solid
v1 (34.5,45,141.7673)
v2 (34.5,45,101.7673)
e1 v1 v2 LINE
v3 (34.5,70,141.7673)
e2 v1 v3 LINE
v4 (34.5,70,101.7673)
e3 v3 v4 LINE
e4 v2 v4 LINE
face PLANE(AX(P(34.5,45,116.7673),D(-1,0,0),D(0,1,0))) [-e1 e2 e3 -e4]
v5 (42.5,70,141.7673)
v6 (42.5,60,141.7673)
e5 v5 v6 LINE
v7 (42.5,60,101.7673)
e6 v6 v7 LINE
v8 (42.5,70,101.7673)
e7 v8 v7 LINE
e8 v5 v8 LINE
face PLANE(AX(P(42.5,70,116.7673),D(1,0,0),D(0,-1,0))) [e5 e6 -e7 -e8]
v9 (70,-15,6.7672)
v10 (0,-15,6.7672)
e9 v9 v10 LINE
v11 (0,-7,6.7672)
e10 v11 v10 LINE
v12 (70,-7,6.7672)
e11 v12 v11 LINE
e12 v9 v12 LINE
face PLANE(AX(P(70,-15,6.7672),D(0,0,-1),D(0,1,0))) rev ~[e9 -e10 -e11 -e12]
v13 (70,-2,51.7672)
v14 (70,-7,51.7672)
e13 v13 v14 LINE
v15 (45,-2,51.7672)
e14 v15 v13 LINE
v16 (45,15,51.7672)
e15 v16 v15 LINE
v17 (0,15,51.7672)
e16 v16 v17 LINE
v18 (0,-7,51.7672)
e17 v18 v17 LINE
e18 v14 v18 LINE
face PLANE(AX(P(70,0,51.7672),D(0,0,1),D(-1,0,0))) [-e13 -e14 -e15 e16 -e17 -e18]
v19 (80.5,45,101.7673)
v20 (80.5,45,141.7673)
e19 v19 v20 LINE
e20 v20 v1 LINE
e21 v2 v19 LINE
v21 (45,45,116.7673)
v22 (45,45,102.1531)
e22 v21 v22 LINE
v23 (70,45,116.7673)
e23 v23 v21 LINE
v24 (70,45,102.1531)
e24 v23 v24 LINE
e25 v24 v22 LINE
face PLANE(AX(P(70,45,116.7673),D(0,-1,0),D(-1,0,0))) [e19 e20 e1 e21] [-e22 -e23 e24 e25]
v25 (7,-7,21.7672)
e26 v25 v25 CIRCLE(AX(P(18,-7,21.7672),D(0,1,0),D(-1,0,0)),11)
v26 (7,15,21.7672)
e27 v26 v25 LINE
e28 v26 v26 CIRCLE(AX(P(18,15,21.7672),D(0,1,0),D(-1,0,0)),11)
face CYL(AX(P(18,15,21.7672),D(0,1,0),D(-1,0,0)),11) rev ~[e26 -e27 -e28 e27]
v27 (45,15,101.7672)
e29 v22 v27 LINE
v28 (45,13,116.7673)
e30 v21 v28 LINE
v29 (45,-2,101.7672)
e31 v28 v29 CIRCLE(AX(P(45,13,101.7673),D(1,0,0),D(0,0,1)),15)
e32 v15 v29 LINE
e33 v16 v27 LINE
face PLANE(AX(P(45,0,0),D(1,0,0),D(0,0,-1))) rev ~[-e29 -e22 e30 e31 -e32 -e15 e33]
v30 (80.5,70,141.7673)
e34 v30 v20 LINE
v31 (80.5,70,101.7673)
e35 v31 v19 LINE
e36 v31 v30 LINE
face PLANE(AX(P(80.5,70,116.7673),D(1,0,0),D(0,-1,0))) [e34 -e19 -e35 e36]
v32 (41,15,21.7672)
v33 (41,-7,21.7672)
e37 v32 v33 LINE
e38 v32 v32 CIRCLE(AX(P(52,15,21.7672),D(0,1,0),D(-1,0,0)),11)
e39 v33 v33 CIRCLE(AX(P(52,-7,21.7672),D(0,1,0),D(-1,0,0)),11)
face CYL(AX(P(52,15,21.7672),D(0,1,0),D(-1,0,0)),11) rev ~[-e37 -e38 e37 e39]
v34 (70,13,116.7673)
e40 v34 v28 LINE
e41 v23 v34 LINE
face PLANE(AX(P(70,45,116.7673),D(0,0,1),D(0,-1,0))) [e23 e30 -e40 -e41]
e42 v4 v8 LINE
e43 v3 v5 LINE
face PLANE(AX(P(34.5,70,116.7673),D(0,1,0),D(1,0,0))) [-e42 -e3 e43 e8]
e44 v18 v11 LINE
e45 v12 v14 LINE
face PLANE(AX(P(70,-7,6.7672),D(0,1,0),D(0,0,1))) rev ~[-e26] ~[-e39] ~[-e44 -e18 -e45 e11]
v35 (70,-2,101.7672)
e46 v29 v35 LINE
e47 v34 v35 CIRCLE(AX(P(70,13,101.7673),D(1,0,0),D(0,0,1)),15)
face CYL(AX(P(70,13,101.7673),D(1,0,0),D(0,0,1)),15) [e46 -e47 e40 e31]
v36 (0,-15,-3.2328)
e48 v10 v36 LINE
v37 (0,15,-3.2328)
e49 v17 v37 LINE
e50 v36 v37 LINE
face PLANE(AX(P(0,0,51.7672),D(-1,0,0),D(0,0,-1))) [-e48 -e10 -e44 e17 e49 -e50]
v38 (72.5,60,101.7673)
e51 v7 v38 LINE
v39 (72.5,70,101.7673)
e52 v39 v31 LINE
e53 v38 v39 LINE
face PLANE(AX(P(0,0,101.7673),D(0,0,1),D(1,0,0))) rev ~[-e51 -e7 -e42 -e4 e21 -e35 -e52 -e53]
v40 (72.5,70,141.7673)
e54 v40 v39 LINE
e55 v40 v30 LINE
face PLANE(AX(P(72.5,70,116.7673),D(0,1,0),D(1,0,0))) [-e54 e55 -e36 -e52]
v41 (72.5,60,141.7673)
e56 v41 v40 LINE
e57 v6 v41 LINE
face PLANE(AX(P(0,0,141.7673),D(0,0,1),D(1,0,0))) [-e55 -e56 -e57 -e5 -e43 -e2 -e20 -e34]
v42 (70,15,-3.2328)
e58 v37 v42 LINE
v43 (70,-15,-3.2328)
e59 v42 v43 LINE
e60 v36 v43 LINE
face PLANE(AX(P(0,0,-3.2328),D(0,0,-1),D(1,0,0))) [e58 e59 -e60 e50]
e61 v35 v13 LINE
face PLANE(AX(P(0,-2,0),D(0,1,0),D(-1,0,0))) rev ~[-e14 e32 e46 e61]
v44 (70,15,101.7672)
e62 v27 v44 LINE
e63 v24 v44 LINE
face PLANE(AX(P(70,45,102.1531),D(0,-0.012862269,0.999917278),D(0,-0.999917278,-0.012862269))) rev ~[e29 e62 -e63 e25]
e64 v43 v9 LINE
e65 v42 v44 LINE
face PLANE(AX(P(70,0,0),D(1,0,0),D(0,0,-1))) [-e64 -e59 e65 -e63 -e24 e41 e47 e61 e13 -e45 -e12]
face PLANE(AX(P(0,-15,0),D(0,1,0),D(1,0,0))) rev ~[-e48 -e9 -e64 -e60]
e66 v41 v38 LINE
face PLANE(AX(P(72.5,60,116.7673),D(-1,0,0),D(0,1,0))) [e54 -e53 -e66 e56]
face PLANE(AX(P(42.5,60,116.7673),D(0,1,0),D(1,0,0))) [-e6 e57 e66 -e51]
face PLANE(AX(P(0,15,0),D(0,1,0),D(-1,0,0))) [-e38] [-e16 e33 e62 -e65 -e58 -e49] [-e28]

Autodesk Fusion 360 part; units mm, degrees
sketch "Sketch1" plane through (0, 0, 0) normal (0, 1, 0) x (1, 0, 0)
  line L0 (0, 3.2328) -> (70, 3.2328)
  line L1 (70, 3.2328) -> (70, -51.7672)
  line L2 (70, -51.7672) -> (0, -51.7672)
  line L3 (0, -51.7672) -> (0, 3.2328)
  dimension "d1" = 70
  dimension "d2" = 55
  dimension "d3" = 55
extrude "Extrude1" add sketch "Sketch1" along normal mid plane 30
sketch "Sketch2" plane through (70, 0, 0) normal (1, 0, 0) x (0, 0, -1)
  line L0 (3.2328, -15) -> (3.2328, 15)
  line L1 (3.2328, 15) -> (-51.7672, 15)
  line L2 (-51.7672, 15) -> (-51.7672, -15)
  line L3 (-51.7672, -15) -> (3.2328, -15)
  line L4 (-6.7672, -15) -> (-6.7672, -7)
  line L5 (-6.7672, -7) -> (-51.7672, -7)
  dimension "d6" = 10
  dimension "d7" = 45
  dimension "d8" = 8
extrude "Extrude2" cut sketch "Sketch2" against normal blind 90 contours L2 L3 L4 L5
sketch "Sketch3" plane through (0, 15, 0) normal (0, 1, 0) x (-1, 0, 0)
  line L0 (0, 51.7672) -> (-70, 51.7672)
  line L1 (-70, 51.7672) -> (-70, -3.2328)
  line L2 (-70, -3.2328) -> (0, -3.2328)
  line L3 (0, -3.2328) -> (0, 51.7672)
  circle A0 centre (-18, 21.7672) radius 11
  circle A1 centre (-52, 21.7672) radius 11
  dimension "d11" = 22
  dimension "d12" = 22
  dimension "d13" = 30
  dimension "d14" = 18
  dimension "d15" = 34
extrude "Extrude3" cut sketch "Sketch3" against normal blind 50 contours A0 | A1
sketch "Sketch4" plane through (0, 15, 0) normal (0, 1, 0) x (-1, 0, 0)
  circle A0 centre (-52, 21.7672) radius 11
  circle A1 centre (-18, 21.7672) radius 11
  line L0 (0, 51.7672) -> (-70, 51.7672)
  line L1 (-70, 51.7672) -> (-70, -3.2328)
  line L2 (-70, -3.2328) -> (0, -3.2328)
  line L3 (0, -3.2328) -> (0, 51.7672)
  line L4 (-45, 51.7672) -> (-45, 101.7672)
  line L5 (-45, 101.7672) -> (-70, 101.7672)
  line L6 (-70, 101.7672) -> (-70, 51.7672)
  dimension "d18" = 50
  dimension "d19" = 50
  dimension "d20" = 25
extrude "Extrude4" add sketch "Sketch4" against normal blind 17 contours L0 L4 L5 L6
sketch "Sketch5" plane through (70, 0, 0) normal (1, 0, 0) x (0, 0, -1)
  line L0 (-51.7672, -7) -> (-6.7672, -7)
  line L1 (-6.7672, -7) -> (-6.7672, -15)
  line L2 (-6.7672, -15) -> (3.2328, -15)
  line L3 (3.2328, -15) -> (3.2328, 15)
  line L4 (3.2328, 15) -> (-101.7672, 15)
  line L5 (-101.7672, 15) -> (-101.7672, -2)
  line L6 (-101.7672, -2) -> (-51.7672, -2)
  line L7 (-51.7672, -2) -> (-51.7672, -7)
  line L8 (-170, 80) -> (-115.9179, 80)
  line L9 (-170, 60) -> (-114.0006, 60)
  line L10 (-116.7673, 45) -> (-116.7673, 13)
  arc A0 (-116.7673, 13) -> (-101.7672, -2) centre (-101.7673, 13) ccw
  line L11 (-116.7673, 45) -> (-102.1531, 45)
  line L12 (-102.1531, 45) -> (-101.7672, 15)
  dimension "d25" = 32
  dimension "d26" = 15
  dimension "d27" = 30
extrude "Extrude5" add sketch "Sketch5" against normal blind 25 contours L5 L10 A0 L11 L12
sketch "Sketch6" plane through (0, 0, 116.7673) normal (0, 0, 1) x (1, 0, 0)
  line L0 (70, 13) -> (70, 45)
  line L1 (70, 45) -> (45, 45)
  line L2 (45, 45) -> (45, 13)
  line L3 (45, 13) -> (70, 13)
  line L4 (45, 45) -> (34.5, 45)
  line L5 (34.5, 45) -> (34.5, 70)
  line L6 (34.5, 70) -> (42.5, 70)
  line L7 (42.5, 70) -> (42.5, 60)
  line L8 (42.5, 60) -> (72.5, 60)
  line L9 (72.5, 60) -> (72.5, 70)
  line L10 (72.5, 70) -> (80.5, 70)
  line L11 (80.5, 70) -> (80.5, 45)
  line L12 (80.5, 45) -> (70, 45)
  dimension "d30" = 25
  dimension "d31" = 8
  dimension "d32" = 8
  dimension "d33" = 25
  dimension "d34" = 10.5
  dimension "d35" = 10.5
  dimension "d36" = 30
  dimension "d37" = 46
extrude "Extrude6" add sketch "Sketch6" along normal blind 25 and the other way blind 15 contours L1 L4 L5 L6 L7 L8 L9 L10 L11 L12
